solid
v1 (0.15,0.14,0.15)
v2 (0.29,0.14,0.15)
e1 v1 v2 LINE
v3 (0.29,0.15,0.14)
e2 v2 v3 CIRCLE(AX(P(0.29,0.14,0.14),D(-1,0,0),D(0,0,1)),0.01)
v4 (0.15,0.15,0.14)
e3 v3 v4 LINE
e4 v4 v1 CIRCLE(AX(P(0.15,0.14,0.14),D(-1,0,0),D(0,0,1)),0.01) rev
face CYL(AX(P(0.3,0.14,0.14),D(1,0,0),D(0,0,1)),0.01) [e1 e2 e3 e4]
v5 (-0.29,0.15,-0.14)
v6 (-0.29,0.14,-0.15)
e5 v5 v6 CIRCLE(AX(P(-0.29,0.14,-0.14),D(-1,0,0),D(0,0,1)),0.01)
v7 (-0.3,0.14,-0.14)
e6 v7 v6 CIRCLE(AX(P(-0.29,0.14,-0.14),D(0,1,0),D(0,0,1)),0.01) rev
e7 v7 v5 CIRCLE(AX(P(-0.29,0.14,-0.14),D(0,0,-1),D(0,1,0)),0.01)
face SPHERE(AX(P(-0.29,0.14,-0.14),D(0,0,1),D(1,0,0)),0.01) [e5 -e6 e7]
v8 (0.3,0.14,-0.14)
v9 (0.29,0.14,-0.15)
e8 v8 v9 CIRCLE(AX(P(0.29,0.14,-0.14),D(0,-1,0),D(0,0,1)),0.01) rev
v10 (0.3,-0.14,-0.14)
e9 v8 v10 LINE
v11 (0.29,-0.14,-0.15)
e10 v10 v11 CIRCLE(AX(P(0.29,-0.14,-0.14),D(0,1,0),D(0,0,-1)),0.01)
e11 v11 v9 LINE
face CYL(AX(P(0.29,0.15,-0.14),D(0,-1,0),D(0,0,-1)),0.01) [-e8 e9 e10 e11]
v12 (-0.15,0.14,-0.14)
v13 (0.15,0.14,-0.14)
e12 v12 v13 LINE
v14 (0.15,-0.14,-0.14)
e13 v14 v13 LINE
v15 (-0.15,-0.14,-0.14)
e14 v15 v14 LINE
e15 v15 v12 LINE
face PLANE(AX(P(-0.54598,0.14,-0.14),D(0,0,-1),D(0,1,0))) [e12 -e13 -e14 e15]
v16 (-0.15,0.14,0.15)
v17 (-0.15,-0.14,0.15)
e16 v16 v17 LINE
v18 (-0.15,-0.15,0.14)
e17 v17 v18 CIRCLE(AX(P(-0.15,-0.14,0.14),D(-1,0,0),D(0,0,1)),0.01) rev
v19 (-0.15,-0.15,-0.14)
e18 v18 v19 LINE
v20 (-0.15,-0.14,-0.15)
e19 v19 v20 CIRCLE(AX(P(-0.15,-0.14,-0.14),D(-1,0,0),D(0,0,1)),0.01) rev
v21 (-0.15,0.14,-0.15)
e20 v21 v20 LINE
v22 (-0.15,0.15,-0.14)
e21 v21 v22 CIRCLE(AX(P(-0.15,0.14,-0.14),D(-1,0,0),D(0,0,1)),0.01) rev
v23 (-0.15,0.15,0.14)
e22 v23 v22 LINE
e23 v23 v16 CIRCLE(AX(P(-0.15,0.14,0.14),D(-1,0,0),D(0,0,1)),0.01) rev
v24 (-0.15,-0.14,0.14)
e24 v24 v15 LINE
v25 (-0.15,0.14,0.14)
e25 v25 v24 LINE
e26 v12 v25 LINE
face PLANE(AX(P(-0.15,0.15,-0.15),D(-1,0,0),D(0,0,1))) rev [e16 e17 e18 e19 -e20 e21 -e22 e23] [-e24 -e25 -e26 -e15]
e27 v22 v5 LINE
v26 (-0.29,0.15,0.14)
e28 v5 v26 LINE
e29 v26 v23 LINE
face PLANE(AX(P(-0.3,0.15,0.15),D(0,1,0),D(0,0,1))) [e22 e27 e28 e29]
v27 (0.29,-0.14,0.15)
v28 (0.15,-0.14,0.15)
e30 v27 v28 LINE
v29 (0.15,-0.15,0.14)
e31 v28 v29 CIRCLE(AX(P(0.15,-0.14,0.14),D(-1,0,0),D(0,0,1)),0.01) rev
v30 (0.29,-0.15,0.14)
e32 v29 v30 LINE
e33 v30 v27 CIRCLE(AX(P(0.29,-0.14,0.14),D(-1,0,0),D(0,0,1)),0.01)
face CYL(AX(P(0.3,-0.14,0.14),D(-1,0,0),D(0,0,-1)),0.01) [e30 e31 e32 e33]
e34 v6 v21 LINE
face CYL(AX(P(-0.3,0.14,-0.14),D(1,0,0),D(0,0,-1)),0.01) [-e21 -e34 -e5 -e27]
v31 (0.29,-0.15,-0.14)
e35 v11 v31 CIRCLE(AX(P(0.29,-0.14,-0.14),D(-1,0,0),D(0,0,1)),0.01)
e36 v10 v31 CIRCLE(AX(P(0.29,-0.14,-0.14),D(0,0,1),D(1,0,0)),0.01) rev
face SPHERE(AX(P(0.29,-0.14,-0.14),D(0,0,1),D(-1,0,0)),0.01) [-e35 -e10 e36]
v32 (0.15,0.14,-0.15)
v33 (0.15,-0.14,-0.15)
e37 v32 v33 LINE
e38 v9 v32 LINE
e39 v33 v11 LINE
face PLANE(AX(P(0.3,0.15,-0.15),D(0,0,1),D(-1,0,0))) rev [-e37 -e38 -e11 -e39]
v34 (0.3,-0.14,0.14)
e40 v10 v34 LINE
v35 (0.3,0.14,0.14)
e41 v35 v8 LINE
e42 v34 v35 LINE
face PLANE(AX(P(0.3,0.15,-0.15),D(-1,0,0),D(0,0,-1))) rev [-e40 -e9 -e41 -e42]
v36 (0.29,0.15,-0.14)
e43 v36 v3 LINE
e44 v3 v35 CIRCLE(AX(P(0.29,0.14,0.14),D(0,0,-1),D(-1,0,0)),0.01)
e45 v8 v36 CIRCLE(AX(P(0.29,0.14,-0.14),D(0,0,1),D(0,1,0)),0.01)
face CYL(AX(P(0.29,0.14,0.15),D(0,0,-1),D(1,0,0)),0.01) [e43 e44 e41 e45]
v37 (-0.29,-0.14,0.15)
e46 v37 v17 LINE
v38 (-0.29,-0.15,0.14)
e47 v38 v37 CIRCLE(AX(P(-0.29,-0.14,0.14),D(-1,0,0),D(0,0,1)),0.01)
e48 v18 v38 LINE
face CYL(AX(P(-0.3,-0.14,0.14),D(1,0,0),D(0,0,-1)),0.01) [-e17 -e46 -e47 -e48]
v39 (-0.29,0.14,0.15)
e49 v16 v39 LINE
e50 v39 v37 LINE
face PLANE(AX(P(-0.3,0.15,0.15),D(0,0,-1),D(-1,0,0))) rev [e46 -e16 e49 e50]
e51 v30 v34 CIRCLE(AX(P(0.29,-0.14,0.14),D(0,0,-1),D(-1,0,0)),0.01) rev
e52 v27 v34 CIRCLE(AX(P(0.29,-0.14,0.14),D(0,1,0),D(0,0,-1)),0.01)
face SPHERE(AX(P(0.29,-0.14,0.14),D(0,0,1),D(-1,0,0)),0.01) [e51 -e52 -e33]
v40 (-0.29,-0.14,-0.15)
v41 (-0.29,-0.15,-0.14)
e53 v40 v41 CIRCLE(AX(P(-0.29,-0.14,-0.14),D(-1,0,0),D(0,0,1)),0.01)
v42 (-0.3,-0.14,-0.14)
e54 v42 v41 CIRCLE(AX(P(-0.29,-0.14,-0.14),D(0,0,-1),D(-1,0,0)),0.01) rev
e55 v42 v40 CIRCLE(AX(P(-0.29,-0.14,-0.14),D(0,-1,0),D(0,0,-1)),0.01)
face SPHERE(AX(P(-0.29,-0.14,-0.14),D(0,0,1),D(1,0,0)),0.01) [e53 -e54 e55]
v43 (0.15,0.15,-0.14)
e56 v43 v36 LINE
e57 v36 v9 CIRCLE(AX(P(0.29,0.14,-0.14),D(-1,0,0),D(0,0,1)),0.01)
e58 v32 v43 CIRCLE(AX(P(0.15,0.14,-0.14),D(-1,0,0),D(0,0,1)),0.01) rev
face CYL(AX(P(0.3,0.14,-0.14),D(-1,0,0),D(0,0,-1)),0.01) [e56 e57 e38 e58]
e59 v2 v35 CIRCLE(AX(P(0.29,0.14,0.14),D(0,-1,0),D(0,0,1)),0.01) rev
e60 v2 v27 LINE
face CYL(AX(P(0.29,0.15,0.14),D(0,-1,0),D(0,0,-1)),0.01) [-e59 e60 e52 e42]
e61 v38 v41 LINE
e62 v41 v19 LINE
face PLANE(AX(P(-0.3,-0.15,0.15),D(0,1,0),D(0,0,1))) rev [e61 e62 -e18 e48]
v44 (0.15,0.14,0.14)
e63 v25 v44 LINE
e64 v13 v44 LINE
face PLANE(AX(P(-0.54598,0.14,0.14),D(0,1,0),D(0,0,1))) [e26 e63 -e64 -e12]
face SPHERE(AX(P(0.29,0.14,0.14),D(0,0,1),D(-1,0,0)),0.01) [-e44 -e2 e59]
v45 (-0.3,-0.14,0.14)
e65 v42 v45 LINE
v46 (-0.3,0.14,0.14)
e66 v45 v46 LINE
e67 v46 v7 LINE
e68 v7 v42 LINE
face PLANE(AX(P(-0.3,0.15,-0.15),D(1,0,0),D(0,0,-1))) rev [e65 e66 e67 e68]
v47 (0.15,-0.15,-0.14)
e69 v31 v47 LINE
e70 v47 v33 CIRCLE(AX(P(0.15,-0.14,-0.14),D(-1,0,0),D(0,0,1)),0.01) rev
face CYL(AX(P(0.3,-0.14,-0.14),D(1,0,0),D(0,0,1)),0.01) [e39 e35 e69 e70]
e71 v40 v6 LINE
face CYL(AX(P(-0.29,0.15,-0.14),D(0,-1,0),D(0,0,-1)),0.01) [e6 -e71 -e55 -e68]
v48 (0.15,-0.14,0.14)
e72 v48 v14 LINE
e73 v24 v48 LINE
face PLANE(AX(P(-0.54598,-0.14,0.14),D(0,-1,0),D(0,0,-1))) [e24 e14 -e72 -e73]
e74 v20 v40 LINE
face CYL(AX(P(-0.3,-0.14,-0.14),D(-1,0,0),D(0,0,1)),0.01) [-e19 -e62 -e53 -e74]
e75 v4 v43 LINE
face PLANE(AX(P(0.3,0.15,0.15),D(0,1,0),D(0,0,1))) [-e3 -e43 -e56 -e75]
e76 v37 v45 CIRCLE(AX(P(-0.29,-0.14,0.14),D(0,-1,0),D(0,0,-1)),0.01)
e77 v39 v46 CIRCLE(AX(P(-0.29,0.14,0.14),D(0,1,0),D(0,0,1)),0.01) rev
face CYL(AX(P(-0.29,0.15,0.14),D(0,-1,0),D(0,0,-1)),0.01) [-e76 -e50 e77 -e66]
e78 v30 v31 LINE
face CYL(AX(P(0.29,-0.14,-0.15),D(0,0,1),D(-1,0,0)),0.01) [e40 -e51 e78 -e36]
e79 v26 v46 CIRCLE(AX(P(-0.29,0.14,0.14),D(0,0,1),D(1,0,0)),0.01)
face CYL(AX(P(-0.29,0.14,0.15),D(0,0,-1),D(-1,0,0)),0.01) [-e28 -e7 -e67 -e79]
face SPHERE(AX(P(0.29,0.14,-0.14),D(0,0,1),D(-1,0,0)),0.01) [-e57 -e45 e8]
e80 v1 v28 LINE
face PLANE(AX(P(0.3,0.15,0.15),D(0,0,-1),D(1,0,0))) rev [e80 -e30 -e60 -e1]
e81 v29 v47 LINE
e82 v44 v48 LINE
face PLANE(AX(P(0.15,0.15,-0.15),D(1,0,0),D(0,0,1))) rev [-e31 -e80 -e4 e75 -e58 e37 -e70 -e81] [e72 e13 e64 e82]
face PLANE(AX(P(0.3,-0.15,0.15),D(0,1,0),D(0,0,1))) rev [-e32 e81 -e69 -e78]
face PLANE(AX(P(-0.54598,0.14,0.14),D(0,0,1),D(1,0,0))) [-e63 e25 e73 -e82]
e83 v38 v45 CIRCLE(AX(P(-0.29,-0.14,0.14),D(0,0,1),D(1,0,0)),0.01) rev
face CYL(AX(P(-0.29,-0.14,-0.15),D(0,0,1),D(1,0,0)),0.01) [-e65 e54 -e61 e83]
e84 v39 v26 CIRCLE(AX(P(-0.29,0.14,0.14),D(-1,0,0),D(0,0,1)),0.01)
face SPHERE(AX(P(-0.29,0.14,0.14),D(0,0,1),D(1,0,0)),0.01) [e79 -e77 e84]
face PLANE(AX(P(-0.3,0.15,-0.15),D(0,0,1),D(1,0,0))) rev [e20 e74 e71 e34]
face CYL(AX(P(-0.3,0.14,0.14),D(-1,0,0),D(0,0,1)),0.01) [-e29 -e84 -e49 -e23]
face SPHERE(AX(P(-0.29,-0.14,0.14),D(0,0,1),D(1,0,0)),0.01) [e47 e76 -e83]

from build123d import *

# Parameters (mm, degrees)
SKETCH1_W            = 0.15
SKETCH1_H            = 0.3
THICKNESS_DEPTH      = 0.15
FILLET1_R            = 0.01
SKETCH2_W            = 0.28
SKETCH2_H            = 0.28
BOSS_EXTRUDE2_DEPTH  = 0.15
FILLET1_OF_MIRROR3_R = 0.01


with BuildPart() as part:
    # Sketch1 → THICKNESS (new body, symmetric)
    with BuildSketch(Plane(origin=(0, 0, 0), x_dir=(1, 0, 0), z_dir=(0, 1, 0))):
        with Locations((-0.225, 0)):
            Rectangle(SKETCH1_W, SKETCH1_H)
    thickness = extrude(amount=THICKNESS_DEPTH, both=True)

    # Fillet1
    fillet1_edges = [part.edges().sort_by_distance(p)[0] for p in [
        (-0.225, 0.15, -0.15),
        (-0.3, 0.15, 0),
        (-0.225, -0.15, -0.15),
        (-0.225, -0.15, 0.15),
        (-0.3, -0.15, 0),
        (-0.225, 0.15, 0.15),
        (-0.3, 0, -0.15),
        (-0.3, 0, 0.15),
    ]]
    fillet(fillet1_edges, radius=FILLET1_R)

    # Sketch2 → Boss-Extrude2 (add)
    with BuildSketch(Plane(origin=(0, 0, 0), x_dir=(0, 0, -1), z_dir=(1, 0, 0))):
        Rectangle(SKETCH2_W, SKETCH2_H)
    boss_extrude2 = extrude(amount=-BOSS_EXTRUDE2_DEPTH)

    # Mirror3: THICKNESS, Boss-Extrude2 across plane
    add(thickness.mirror(Plane(origin=(0, 0, 0), x_dir=(0, 0, 1), z_dir=(1, 0, 0))))
    add(boss_extrude2.mirror(Plane(origin=(0, 0, 0), x_dir=(0, 0, 1), z_dir=(1, 0, 0))))

    # Fillet1 of Mirror3
    fillet1_of_mirror3_edges = [part.edges().sort_by_distance(p)[0] for p in [
        (0.225, 0.15, -0.15),
        (0.3, 0.15, 0),
        (0.225, -0.15, -0.15),
        (0.225, -0.15, 0.15),
        (0.3, -0.15, 0),
        (0.225, 0.15, 0.15),
        (0.3, 0, -0.15),
        (0.3, 0, 0.15),
    ]]
    fillet(fillet1_of_mirror3_edges, radius=FILLET1_OF_MIRROR3_R)


solid = part.part
